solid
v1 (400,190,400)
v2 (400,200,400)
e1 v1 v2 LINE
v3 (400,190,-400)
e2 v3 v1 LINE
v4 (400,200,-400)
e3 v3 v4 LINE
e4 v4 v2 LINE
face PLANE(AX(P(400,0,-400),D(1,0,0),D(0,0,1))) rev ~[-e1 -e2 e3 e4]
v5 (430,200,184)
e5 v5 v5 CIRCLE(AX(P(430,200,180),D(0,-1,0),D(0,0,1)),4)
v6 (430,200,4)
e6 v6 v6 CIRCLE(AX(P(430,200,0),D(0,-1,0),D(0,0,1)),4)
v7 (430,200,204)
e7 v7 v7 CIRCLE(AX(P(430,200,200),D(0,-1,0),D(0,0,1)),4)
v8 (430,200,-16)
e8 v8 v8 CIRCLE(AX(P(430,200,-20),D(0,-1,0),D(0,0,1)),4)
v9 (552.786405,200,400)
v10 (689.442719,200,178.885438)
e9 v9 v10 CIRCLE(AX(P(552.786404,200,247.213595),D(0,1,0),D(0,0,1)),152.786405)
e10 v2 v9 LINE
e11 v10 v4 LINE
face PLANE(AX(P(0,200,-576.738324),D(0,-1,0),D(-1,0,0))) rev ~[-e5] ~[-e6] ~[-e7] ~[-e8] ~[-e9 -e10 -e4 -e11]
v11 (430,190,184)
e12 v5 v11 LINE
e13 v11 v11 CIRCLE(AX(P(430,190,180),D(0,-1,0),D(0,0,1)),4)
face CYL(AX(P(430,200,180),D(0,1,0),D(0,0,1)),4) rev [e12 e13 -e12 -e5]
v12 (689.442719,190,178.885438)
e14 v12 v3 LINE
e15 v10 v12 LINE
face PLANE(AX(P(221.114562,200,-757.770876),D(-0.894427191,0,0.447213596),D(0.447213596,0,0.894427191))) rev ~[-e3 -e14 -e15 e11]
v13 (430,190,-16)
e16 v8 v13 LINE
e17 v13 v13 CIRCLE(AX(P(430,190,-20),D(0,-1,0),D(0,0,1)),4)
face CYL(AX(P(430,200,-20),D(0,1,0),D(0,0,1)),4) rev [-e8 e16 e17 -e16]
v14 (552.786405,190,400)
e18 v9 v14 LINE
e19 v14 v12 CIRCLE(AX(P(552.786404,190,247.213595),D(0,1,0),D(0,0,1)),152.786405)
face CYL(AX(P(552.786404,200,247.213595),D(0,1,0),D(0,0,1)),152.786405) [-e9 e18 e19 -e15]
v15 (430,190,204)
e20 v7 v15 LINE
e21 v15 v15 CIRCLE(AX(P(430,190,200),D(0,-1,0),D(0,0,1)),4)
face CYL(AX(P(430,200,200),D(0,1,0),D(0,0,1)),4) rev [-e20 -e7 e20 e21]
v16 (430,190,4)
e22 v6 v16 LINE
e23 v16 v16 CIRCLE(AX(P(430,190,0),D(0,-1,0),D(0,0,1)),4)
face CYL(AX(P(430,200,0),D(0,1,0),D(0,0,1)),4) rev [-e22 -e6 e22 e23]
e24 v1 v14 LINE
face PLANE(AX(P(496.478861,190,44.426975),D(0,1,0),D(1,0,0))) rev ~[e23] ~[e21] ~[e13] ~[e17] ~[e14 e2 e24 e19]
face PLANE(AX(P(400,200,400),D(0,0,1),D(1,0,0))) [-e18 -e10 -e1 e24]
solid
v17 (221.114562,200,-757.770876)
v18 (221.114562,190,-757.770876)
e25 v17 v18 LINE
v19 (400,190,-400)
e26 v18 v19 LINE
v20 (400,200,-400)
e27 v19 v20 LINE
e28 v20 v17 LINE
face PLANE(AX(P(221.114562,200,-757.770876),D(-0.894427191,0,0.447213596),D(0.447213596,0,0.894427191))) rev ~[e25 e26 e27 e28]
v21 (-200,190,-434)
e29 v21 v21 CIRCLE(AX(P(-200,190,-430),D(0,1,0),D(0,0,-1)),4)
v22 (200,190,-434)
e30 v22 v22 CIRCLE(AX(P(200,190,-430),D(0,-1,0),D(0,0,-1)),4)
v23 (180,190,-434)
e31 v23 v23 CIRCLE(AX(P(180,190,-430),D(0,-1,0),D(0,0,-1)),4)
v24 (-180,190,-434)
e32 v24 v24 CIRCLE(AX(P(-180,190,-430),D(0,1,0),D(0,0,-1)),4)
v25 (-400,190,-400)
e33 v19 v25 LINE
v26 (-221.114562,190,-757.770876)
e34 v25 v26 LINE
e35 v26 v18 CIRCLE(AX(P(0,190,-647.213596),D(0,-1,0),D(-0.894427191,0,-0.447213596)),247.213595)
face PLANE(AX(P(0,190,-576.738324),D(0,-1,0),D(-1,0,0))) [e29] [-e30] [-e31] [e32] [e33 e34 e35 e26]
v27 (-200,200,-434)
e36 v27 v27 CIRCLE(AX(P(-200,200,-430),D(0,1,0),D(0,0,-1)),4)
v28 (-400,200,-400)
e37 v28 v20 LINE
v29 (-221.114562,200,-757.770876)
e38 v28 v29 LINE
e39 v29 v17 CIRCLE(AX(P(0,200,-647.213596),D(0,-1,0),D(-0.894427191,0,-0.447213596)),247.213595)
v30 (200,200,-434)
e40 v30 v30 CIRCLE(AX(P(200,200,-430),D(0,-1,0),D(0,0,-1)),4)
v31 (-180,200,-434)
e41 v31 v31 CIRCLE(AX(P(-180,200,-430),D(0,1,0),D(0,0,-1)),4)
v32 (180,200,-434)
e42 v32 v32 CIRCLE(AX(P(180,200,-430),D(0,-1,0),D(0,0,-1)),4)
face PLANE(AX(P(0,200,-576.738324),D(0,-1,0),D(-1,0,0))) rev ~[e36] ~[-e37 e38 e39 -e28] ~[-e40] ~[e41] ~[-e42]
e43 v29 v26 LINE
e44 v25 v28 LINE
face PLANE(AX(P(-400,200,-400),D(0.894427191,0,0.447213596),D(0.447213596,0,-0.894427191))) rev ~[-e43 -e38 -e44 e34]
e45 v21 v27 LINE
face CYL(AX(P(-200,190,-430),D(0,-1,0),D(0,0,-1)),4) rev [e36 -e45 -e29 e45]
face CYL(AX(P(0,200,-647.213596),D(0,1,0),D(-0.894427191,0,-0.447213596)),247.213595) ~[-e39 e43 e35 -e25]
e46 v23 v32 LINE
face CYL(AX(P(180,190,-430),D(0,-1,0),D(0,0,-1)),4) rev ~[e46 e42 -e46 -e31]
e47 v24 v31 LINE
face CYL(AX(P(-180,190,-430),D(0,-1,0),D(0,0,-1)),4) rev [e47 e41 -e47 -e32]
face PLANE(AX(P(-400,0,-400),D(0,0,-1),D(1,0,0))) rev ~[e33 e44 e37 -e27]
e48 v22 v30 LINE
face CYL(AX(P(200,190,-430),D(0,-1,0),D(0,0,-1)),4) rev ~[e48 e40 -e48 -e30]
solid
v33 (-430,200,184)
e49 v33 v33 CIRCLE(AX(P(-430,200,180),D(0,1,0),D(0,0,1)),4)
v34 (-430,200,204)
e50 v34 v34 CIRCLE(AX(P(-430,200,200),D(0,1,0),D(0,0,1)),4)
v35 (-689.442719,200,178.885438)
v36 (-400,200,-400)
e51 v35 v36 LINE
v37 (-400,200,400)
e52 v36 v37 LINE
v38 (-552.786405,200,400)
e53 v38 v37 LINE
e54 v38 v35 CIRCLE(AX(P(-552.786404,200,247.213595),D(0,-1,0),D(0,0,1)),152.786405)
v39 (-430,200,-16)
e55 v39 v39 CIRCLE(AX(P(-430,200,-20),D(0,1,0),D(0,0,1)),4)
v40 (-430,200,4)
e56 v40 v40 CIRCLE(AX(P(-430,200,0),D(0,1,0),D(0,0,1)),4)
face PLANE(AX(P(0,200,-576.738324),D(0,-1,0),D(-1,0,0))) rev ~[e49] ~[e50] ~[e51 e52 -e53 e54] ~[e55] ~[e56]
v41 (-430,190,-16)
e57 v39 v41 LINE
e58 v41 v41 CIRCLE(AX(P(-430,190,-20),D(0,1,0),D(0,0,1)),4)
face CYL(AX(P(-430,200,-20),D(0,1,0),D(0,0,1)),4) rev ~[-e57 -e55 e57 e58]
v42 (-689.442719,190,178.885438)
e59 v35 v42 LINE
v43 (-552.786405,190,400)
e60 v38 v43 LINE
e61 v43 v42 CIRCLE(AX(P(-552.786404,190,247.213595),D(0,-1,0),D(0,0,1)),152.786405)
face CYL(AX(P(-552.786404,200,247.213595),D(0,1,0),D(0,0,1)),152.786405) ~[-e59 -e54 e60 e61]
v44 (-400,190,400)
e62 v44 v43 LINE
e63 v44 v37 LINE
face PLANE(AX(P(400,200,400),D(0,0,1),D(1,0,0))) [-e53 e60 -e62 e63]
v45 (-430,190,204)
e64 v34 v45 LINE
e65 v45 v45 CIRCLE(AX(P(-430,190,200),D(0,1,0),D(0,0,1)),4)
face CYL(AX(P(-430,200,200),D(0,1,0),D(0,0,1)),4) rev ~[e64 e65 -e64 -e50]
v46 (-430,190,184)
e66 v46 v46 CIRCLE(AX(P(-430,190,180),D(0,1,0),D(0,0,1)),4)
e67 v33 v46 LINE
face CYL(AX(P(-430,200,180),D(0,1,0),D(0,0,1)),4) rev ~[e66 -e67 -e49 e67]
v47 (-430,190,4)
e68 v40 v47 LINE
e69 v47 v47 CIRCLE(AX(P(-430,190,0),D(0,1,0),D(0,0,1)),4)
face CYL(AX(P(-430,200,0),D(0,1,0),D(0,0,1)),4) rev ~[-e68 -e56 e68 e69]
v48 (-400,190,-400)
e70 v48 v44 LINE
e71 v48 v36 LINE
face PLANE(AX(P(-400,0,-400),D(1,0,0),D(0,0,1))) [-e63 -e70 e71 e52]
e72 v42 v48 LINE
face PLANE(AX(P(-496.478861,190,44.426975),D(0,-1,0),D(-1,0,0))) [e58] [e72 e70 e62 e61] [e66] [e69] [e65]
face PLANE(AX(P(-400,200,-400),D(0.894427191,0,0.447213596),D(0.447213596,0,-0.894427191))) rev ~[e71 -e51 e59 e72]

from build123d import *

# Parameters (mm, degrees)
SKETCH_1_W          = 800
SKETCH_1_H          = 800
SKETCH_1_W_2        = 385
SKETCH_1_H_2        = 780
EXTRUDE_1_DEPTH     = 200
SKETCH_2_W          = 800
SKETCH_2_H          = 800
EXTRUDE_2_DEPTH     = 10
EXTRUDE_3_DEPTH     = 10
EXTRUDE_3_2_DEPTH   = 10
SKETCH_4_R          = 4
CUT_EXTRUDE_1_DEPTH = 10
SKETCH_5_R          = 4
CUT_EXTRUDE_2_DEPTH = 10
EXTRUDE_4_DEPTH     = 10
CUT_EXTRUDE_3_REACH = 1087.28
SKETCH_7_R          = 4
CUT_EXTRUDE_4_REACH = 1156.96
SKETCH_8_R          = 4
SKETCH_9_W          = 800
SKETCH_9_H          = 800
CUT_EXTRUDE_5_DEPTH = 1157.647305275


with BuildPart() as part:
    # 草图1 → 凸台-拉伸1 (new body)
    with BuildSketch(Plane(origin=(0, 0, 0), x_dir=(1, 0, 0), z_dir=(0, 1, 0))):
        Rectangle(SKETCH_1_W, SKETCH_1_H)
        with Locations((-197.5, 0)):
            Rectangle(SKETCH_1_W_2, SKETCH_1_H_2, mode=Mode.SUBTRACT)
        with Locations((197.5, 0)):
            Rectangle(SKETCH_1_W_2, SKETCH_1_H_2, mode=Mode.SUBTRACT)
    extrude(amount=EXTRUDE_1_DEPTH)

    # 草图2 → 凸台-拉伸2 (add)
    with BuildSketch(Plane.XZ):
        Rectangle(SKETCH_2_W, SKETCH_2_H)
    extrude(amount=-EXTRUDE_2_DEPTH)

    # 草图4 → 切除-拉伸1 (cut)
    with BuildSketch(Plane.ZY.offset(400)):
        with Locations((180, 160)):
            Circle(SKETCH_4_R)
        with Locations((200, 160)):
            Circle(SKETCH_4_R)
        with Locations((-20, 160)):
            Circle(SKETCH_4_R)
        with Locations((0, 160)):
            Circle(SKETCH_4_R)
    cut_extrude_1 = extrude(amount=-CUT_EXTRUDE_1_DEPTH, mode=Mode.SUBTRACT)


with BuildPart() as body_2:
    # 草图3 → 凸台-拉伸3 (new body)
    with BuildSketch(Plane(origin=(0, 200, 0), x_dir=(1, 0, 0), z_dir=(0, 1, 0))):
        with BuildLine():
            Line((-400, 400), (-400, -400))
            Line((-400, -400), (-552.7864045, -400))
            ThreePointArc((-552.7864045, -400), (-682.754282993, -327.538161854), (-689.4427191, -178.8854382))
            Line((-689.4427191, -178.8854382), (-400, 400))
        make_face()
    extrude(amount=-EXTRUDE_3_DEPTH)

    # 草图5 → 切除-拉伸2 (cut)
    with BuildSketch(Plane(origin=(0, 200, 0), x_dir=(1, 0, 0), z_dir=(0, 1, 0))):
        with Locations(Location((-430, -180, 0), (0, 0, 270))):
            Circle(SKETCH_5_R)
        with Locations(Location((-430, -200, 0), (0, 0, 270))):
            Circle(SKETCH_5_R)
        with Locations(Location((-430, 20, 0), (0, 0, 270))):
            Circle(SKETCH_5_R)
        with Locations(Location((-430, 0, 0), (0, 0, 270))):
            Circle(SKETCH_5_R)
    cut_extrude_2 = extrude(amount=-CUT_EXTRUDE_2_DEPTH, mode=Mode.SUBTRACT)


with BuildPart() as body_3:
    # 草图3 → Extrude 3 2 (new body)
    with BuildSketch(Plane(origin=(0, 200, 0), x_dir=(1, 0, 0), z_dir=(0, 1, 0))):
        with BuildLine():
            Line((689.4427191, -178.8854382), (400, 400))
            Line((400, 400), (400, -400))
            Line((400, -400), (552.7864045, -400))
            ThreePointArc((552.7864045, -400), (682.754282993, -327.538161854), (689.4427191, -178.8854382))
        make_face()
    extrude(amount=-EXTRUDE_3_2_DEPTH)


with BuildPart() as mirror_1_tool:
    # 镜向1: 切除-拉伸1, 切除-拉伸2 across plane
    add(cut_extrude_1.mirror(Plane(origin=(0, 0, 0), x_dir=(0, 0, 1), z_dir=(1, 0, 0))))
    add(cut_extrude_2.mirror(Plane(origin=(0, 0, 0), x_dir=(0, 0, 1), z_dir=(1, 0, 0))))


with BuildPart() as part_1:
    add(part.part)

    # 镜向1: cut by mirror_1_tool
    add(mirror_1_tool.part, mode=Mode.SUBTRACT)


    add(body_2.part)  # 凸台-拉伸4 merges body 2


with BuildPart() as body_3_1:
    add(body_3.part)

    # 镜向1: cut by mirror_1_tool
    add(mirror_1_tool.part, mode=Mode.SUBTRACT)


with BuildPart() as part_2:
    add(part_1.part)

    add(body_3_1.part)  # 凸台-拉伸4 merges body 3
    # 草图6 → 凸台-拉伸4 (add)
    with BuildSketch(Plane(origin=(0, 200, 0), x_dir=(1, 0, 0), z_dir=(0, 1, 0))):
        with BuildLine():
            Line((-400, 400), (-221.1145618, 757.7708764))
            ThreePointArc((-221.1145618, 757.7708764), (0, 894.427191), (221.1145618, 757.7708764))
            Line((221.1145618, 757.7708764), (400, 400))
            Line((400, 400), (-400, 400))
        make_face()
    extrude(amount=-EXTRUDE_4_DEPTH)

    # 草图7 → 切除-拉伸3 (cut, up to next)
    with BuildSketch(Plane(origin=(0, 0, -400), x_dir=(-1, 0, 0), z_dir=(0, 0, -1)), mode=Mode.PRIVATE) as cut_extrude_3_sk1:
        with Locations((-200, 160)):
            Circle(SKETCH_7_R)
    cut_extrude_3_tool1 = extrude(cut_extrude_3_sk1.sketch, amount=-CUT_EXTRUDE_3_REACH, mode=Mode.PRIVATE) & part_2.part
    # 草图7 → 切除-拉伸3 (cut, up to next)
    with BuildSketch(Plane(origin=(0, 0, -400), x_dir=(-1, 0, 0), z_dir=(0, 0, -1)), mode=Mode.PRIVATE) as cut_extrude_3_sk2:
        with Locations((-180, 160)):
            Circle(SKETCH_7_R)
    cut_extrude_3_tool2 = extrude(cut_extrude_3_sk2.sketch, amount=-CUT_EXTRUDE_3_REACH, mode=Mode.PRIVATE) & part_2.part
    cut_extrude_3_1 = cut_extrude_3_tool1.solids().sort_by_distance((200, 160, -400))[0]
    add(cut_extrude_3_1, mode=Mode.SUBTRACT)
    cut_extrude_3_2 = cut_extrude_3_tool2.solids().sort_by_distance((180, 160, -400))[0]
    add(cut_extrude_3_2, mode=Mode.SUBTRACT)
    cut_extrude_3 = cut_extrude_3_1 + cut_extrude_3_2  # 切除-拉伸3 as one shape, for the pattern or mirror that repeats it

    # 草图8 → 切除-拉伸4 (cut, up to next)
    with BuildSketch(Plane.XZ.offset(-190), mode=Mode.PRIVATE) as cut_extrude_4_sk1:
        with Locations(Location((180, -430, 0), (0, 0, 270))):
            Circle(SKETCH_8_R)
    cut_extrude_4_tool1 = extrude(cut_extrude_4_sk1.sketch, amount=-CUT_EXTRUDE_4_REACH, mode=Mode.PRIVATE) & part_2.part
    # 草图8 → 切除-拉伸4 (cut, up to next)
    with BuildSketch(Plane.XZ.offset(-190), mode=Mode.PRIVATE) as cut_extrude_4_sk2:
        with Locations(Location((200, -430, 0), (0, 0, 270))):
            Circle(SKETCH_8_R)
    cut_extrude_4_tool2 = extrude(cut_extrude_4_sk2.sketch, amount=-CUT_EXTRUDE_4_REACH, mode=Mode.PRIVATE) & part_2.part
    cut_extrude_4_1 = cut_extrude_4_tool1.solids().sort_by_distance((180, 190, -430))[0]
    add(cut_extrude_4_1, mode=Mode.SUBTRACT)
    cut_extrude_4_2 = cut_extrude_4_tool2.solids().sort_by_distance((200, 190, -430))[0]
    add(cut_extrude_4_2, mode=Mode.SUBTRACT)
    cut_extrude_4 = cut_extrude_4_1 + cut_extrude_4_2  # 切除-拉伸4 as one shape, for the pattern or mirror that repeats it

    # 镜向2: 切除-拉伸3, 切除-拉伸4 across plane
    add(cut_extrude_3.mirror(Plane(origin=(0, 0, 0), x_dir=(0, 0, 1), z_dir=(1, 0, 0))), mode=Mode.SUBTRACT)
    add(cut_extrude_4.mirror(Plane(origin=(0, 0, 0), x_dir=(0, 0, 1), z_dir=(1, 0, 0))), mode=Mode.SUBTRACT)

    # 草图9 → 切除-拉伸5 (cut, through all)
    with BuildSketch(Plane.XZ):
        Rectangle(SKETCH_9_W, SKETCH_9_H)
    extrude(amount=-CUT_EXTRUDE_5_DEPTH, mode=Mode.SUBTRACT)


with BuildPart() as cut_extrude_5_piece_1:
    # of the separate pieces the step leaves, piece 1, a body of its own (cut_extrude_5_pieces)
    add(part_2.part.solids().sort_by_distance((221.1145618, 190, -757.7708764))[0])


with BuildPart() as cut_extrude_5_piece_2:
    # of the separate pieces the step leaves, piece 2, a body of its own (cut_extrude_5_pieces)
    add(part_2.part.solids().sort_by_distance((-689.4427191, 190, 178.8854382))[0])


with BuildPart() as cut_extrude_5_piece_3:
    # of the separate pieces the step leaves, piece 3, a body of its own (cut_extrude_5_pieces)
    add(part_2.part.solids().sort_by_distance((552.7864045, 190, 400))[0])


solid = Compound([cut_extrude_5_piece_1.part, cut_extrude_5_piece_2.part, cut_extrude_5_piece_3.part])
